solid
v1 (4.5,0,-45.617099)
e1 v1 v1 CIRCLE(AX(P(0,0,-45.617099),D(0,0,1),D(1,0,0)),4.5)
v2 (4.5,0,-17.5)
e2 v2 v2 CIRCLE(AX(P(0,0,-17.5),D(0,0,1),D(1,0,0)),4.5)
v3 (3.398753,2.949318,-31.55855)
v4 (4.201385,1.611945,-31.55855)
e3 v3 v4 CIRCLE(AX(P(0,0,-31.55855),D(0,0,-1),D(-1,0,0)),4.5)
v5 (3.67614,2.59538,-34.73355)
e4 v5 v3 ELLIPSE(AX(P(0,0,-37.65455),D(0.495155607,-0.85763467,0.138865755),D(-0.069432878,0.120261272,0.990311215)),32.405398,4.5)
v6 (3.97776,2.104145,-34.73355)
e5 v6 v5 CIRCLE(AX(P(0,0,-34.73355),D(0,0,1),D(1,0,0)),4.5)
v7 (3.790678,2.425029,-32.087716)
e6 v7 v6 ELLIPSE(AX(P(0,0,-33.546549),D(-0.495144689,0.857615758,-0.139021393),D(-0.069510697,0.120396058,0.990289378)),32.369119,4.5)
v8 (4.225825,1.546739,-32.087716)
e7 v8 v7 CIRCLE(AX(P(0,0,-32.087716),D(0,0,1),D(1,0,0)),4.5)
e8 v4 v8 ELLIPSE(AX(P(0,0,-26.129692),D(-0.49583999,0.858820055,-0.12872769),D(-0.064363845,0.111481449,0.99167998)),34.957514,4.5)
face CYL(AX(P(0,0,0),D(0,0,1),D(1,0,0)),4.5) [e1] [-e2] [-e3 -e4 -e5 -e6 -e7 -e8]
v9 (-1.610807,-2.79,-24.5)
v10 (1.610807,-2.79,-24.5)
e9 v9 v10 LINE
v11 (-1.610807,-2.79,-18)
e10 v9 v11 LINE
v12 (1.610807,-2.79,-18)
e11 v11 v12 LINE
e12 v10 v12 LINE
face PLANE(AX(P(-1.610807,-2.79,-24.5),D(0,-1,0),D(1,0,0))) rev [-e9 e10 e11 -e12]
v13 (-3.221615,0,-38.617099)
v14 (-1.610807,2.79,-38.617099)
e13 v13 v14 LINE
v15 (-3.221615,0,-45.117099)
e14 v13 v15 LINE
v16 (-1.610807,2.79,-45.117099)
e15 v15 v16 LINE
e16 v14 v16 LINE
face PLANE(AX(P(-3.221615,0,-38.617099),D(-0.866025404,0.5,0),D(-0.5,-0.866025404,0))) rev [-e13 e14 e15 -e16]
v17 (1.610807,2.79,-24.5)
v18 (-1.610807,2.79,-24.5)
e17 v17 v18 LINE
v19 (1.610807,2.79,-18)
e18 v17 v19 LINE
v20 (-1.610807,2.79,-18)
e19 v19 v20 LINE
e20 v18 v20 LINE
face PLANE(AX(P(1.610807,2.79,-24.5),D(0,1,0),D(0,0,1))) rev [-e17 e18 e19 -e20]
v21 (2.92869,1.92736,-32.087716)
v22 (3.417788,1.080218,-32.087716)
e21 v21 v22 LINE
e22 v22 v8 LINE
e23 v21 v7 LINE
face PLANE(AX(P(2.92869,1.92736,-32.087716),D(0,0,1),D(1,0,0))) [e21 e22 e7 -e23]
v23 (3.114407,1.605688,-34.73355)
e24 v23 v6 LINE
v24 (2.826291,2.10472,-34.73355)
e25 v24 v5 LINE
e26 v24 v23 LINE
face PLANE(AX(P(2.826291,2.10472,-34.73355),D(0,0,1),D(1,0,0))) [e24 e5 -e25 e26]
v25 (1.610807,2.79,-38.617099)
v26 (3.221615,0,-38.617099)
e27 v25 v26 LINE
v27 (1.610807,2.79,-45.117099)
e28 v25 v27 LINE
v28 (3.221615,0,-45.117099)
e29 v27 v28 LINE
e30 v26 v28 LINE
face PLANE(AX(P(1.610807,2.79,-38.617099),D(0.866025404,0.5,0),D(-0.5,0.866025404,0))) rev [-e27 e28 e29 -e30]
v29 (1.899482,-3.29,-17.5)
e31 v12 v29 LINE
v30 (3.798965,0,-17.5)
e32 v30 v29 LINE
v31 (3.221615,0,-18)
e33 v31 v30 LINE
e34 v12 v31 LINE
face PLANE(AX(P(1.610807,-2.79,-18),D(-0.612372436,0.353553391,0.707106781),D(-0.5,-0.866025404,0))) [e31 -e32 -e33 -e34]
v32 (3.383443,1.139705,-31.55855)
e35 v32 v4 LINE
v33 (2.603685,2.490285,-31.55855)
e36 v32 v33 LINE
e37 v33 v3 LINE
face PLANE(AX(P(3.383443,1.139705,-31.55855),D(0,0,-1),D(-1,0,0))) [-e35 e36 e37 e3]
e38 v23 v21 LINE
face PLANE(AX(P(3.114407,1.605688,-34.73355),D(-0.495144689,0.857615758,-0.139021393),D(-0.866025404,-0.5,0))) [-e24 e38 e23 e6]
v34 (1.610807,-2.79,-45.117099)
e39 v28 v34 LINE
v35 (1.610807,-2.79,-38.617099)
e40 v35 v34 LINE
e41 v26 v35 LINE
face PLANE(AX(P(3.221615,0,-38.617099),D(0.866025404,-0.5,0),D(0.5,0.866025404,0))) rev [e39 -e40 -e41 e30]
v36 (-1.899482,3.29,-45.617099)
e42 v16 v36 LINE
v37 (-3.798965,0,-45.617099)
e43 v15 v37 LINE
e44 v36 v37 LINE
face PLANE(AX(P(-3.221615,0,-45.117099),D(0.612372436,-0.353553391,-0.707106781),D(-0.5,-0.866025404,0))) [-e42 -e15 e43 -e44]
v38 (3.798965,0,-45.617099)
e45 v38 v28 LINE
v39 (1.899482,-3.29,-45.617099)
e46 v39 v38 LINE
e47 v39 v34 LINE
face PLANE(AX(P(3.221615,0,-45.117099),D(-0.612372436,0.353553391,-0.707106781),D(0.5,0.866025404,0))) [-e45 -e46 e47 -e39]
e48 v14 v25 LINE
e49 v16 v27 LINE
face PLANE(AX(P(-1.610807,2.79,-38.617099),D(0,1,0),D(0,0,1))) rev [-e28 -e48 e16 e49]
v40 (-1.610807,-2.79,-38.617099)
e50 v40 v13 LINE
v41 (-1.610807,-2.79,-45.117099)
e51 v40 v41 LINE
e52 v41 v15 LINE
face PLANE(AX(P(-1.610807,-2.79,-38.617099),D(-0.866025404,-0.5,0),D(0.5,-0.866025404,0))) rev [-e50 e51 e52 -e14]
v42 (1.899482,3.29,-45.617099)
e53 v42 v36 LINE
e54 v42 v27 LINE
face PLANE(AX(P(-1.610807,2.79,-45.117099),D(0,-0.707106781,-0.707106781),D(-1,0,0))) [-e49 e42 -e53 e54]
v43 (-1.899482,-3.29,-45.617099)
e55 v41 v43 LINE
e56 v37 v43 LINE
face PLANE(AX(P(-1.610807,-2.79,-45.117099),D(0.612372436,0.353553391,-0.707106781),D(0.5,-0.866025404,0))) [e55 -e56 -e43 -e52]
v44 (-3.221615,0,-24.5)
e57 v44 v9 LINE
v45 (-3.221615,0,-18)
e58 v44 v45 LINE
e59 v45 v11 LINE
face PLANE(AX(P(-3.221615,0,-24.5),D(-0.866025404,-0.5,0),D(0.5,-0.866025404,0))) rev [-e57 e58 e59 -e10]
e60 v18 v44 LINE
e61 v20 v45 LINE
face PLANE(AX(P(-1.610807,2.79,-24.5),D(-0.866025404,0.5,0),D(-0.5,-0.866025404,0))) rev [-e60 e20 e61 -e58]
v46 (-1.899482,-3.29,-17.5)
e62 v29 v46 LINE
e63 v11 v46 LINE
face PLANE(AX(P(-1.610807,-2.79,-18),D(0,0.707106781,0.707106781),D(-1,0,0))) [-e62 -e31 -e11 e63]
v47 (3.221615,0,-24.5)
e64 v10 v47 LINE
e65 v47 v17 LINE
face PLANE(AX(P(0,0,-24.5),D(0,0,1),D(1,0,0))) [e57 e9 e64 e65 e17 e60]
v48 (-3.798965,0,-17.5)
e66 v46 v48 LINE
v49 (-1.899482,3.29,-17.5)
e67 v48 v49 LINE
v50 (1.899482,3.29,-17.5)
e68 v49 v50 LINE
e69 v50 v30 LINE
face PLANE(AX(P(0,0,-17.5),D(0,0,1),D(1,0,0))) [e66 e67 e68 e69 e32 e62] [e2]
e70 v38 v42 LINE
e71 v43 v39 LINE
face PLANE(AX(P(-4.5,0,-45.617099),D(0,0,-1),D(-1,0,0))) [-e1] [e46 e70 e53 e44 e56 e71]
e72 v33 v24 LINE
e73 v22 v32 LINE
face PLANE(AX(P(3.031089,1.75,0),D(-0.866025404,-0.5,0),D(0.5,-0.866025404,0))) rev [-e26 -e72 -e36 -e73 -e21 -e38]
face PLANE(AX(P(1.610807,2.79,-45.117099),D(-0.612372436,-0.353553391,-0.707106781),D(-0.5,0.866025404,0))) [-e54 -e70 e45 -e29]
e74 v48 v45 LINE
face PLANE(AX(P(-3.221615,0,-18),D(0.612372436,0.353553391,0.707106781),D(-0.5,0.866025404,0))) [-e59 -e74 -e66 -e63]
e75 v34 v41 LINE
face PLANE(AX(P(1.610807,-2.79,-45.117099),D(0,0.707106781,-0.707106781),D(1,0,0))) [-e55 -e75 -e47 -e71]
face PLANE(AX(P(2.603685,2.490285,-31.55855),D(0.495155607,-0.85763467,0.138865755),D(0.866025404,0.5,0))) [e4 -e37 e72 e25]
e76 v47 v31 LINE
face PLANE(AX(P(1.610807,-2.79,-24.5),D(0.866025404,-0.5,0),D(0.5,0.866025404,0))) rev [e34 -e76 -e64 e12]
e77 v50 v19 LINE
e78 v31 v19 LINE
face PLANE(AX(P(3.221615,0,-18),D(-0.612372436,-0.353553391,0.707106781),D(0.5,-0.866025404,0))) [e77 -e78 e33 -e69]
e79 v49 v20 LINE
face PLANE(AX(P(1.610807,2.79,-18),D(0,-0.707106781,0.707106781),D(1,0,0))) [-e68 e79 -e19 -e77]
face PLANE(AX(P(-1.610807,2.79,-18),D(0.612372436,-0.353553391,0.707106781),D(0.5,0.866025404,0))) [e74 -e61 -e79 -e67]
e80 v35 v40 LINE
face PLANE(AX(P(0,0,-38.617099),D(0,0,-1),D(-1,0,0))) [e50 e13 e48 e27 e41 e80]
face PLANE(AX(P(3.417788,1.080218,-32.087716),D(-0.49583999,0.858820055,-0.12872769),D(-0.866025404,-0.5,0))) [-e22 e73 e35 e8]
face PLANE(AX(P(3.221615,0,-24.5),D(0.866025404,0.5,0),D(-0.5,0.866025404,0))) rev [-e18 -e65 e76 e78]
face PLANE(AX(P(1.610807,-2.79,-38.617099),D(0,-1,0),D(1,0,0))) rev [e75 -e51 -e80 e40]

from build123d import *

# Parameters (mm, degrees)
SKETCH1_W          = 4.5
SKETCH1_H          = 28.11709914
CUT_EXTRUDE1_DEPTH = 7
CUT_EXTRUDE2_DEPTH = 7
CHAMFER1_SIZE      = 0.5
CUT_EXTRUDE3_DEPTH = 1


with BuildPart() as part:
    # Sketch1 → Revolve-Thin1 (revolve)
    with BuildSketch(Plane(origin=(0, 0, 0), x_dir=(1, 0, 0), z_dir=(0, 1, 0))):
        with Locations((2.25, 31.55854957)):
            Rectangle(SKETCH1_W, SKETCH1_H)
    revolve(axis=Axis((0, 0, 0), (0, 0, -1)))

    # Sketch2 → Cut-Extrude1 (cut)
    with BuildSketch(Plane.XY.offset(-17.5)):
        Polygon((1.610807251, 2.79), (-1.610807251, 2.79), (-3.221614502, 0), (-1.610807251, -2.79), (1.610807251, -2.79), (3.221614502, 0), align=None)
    extrude(amount=-CUT_EXTRUDE1_DEPTH, mode=Mode.SUBTRACT)

    # Sketch3 → Cut-Extrude2 (cut)
    with BuildSketch(Plane(origin=(0, 0, -45.61709914), x_dir=(-1, 0, 0), z_dir=(0, 0, -1))):
        Polygon((1.610807251, 2.79), (-1.610807251, 2.79), (-3.221614502, 0), (-1.610807251, -2.79), (1.610807251, -2.79), (3.221614502, 0), align=None)
    extrude(amount=-CUT_EXTRUDE2_DEPTH, mode=Mode.SUBTRACT)

    # Chamfer1
    chamfer1_edges = [part.edges().sort_by_distance(p)[0] for p in [
        (2.416210877, 1.395, -17.5),
        (0, 2.79, -17.5),
        (-2.416210877, 1.395, -17.5),
        (-2.416210877, -1.395, -17.5),
        (0, -2.79, -17.5),
        (2.416210877, -1.395, -17.5),
        (-2.416210877, 1.395, -45.61709914),
        (0, 2.79, -45.61709914),
        (2.416210877, 1.395, -45.61709914),
        (2.416210877, -1.395, -45.61709914),
        (0, -2.79, -45.61709914),
        (-2.416210877, -1.395, -45.61709914),
    ]]
    chamfer(chamfer1_edges, length=CHAMFER1_SIZE)

    # Sketch4 → Cut-Extrude3 (cut)
    with BuildSketch(Plane(origin=(3.897114317, 2.25, 0), x_dir=(0, 0, -1), z_dir=(0.866025404, 0.5, 0))):
        Polygon((34.73354957, 0.409595353), (34.73354957, -0.166636619), (32.087716237, 0.204797676), (32.087716237, -0.773397436), (31.55854957, -0.704707532), (31.55854957, 0.854807692), align=None)
    extrude(amount=-CUT_EXTRUDE3_DEPTH, mode=Mode.SUBTRACT)


solid = part.part
